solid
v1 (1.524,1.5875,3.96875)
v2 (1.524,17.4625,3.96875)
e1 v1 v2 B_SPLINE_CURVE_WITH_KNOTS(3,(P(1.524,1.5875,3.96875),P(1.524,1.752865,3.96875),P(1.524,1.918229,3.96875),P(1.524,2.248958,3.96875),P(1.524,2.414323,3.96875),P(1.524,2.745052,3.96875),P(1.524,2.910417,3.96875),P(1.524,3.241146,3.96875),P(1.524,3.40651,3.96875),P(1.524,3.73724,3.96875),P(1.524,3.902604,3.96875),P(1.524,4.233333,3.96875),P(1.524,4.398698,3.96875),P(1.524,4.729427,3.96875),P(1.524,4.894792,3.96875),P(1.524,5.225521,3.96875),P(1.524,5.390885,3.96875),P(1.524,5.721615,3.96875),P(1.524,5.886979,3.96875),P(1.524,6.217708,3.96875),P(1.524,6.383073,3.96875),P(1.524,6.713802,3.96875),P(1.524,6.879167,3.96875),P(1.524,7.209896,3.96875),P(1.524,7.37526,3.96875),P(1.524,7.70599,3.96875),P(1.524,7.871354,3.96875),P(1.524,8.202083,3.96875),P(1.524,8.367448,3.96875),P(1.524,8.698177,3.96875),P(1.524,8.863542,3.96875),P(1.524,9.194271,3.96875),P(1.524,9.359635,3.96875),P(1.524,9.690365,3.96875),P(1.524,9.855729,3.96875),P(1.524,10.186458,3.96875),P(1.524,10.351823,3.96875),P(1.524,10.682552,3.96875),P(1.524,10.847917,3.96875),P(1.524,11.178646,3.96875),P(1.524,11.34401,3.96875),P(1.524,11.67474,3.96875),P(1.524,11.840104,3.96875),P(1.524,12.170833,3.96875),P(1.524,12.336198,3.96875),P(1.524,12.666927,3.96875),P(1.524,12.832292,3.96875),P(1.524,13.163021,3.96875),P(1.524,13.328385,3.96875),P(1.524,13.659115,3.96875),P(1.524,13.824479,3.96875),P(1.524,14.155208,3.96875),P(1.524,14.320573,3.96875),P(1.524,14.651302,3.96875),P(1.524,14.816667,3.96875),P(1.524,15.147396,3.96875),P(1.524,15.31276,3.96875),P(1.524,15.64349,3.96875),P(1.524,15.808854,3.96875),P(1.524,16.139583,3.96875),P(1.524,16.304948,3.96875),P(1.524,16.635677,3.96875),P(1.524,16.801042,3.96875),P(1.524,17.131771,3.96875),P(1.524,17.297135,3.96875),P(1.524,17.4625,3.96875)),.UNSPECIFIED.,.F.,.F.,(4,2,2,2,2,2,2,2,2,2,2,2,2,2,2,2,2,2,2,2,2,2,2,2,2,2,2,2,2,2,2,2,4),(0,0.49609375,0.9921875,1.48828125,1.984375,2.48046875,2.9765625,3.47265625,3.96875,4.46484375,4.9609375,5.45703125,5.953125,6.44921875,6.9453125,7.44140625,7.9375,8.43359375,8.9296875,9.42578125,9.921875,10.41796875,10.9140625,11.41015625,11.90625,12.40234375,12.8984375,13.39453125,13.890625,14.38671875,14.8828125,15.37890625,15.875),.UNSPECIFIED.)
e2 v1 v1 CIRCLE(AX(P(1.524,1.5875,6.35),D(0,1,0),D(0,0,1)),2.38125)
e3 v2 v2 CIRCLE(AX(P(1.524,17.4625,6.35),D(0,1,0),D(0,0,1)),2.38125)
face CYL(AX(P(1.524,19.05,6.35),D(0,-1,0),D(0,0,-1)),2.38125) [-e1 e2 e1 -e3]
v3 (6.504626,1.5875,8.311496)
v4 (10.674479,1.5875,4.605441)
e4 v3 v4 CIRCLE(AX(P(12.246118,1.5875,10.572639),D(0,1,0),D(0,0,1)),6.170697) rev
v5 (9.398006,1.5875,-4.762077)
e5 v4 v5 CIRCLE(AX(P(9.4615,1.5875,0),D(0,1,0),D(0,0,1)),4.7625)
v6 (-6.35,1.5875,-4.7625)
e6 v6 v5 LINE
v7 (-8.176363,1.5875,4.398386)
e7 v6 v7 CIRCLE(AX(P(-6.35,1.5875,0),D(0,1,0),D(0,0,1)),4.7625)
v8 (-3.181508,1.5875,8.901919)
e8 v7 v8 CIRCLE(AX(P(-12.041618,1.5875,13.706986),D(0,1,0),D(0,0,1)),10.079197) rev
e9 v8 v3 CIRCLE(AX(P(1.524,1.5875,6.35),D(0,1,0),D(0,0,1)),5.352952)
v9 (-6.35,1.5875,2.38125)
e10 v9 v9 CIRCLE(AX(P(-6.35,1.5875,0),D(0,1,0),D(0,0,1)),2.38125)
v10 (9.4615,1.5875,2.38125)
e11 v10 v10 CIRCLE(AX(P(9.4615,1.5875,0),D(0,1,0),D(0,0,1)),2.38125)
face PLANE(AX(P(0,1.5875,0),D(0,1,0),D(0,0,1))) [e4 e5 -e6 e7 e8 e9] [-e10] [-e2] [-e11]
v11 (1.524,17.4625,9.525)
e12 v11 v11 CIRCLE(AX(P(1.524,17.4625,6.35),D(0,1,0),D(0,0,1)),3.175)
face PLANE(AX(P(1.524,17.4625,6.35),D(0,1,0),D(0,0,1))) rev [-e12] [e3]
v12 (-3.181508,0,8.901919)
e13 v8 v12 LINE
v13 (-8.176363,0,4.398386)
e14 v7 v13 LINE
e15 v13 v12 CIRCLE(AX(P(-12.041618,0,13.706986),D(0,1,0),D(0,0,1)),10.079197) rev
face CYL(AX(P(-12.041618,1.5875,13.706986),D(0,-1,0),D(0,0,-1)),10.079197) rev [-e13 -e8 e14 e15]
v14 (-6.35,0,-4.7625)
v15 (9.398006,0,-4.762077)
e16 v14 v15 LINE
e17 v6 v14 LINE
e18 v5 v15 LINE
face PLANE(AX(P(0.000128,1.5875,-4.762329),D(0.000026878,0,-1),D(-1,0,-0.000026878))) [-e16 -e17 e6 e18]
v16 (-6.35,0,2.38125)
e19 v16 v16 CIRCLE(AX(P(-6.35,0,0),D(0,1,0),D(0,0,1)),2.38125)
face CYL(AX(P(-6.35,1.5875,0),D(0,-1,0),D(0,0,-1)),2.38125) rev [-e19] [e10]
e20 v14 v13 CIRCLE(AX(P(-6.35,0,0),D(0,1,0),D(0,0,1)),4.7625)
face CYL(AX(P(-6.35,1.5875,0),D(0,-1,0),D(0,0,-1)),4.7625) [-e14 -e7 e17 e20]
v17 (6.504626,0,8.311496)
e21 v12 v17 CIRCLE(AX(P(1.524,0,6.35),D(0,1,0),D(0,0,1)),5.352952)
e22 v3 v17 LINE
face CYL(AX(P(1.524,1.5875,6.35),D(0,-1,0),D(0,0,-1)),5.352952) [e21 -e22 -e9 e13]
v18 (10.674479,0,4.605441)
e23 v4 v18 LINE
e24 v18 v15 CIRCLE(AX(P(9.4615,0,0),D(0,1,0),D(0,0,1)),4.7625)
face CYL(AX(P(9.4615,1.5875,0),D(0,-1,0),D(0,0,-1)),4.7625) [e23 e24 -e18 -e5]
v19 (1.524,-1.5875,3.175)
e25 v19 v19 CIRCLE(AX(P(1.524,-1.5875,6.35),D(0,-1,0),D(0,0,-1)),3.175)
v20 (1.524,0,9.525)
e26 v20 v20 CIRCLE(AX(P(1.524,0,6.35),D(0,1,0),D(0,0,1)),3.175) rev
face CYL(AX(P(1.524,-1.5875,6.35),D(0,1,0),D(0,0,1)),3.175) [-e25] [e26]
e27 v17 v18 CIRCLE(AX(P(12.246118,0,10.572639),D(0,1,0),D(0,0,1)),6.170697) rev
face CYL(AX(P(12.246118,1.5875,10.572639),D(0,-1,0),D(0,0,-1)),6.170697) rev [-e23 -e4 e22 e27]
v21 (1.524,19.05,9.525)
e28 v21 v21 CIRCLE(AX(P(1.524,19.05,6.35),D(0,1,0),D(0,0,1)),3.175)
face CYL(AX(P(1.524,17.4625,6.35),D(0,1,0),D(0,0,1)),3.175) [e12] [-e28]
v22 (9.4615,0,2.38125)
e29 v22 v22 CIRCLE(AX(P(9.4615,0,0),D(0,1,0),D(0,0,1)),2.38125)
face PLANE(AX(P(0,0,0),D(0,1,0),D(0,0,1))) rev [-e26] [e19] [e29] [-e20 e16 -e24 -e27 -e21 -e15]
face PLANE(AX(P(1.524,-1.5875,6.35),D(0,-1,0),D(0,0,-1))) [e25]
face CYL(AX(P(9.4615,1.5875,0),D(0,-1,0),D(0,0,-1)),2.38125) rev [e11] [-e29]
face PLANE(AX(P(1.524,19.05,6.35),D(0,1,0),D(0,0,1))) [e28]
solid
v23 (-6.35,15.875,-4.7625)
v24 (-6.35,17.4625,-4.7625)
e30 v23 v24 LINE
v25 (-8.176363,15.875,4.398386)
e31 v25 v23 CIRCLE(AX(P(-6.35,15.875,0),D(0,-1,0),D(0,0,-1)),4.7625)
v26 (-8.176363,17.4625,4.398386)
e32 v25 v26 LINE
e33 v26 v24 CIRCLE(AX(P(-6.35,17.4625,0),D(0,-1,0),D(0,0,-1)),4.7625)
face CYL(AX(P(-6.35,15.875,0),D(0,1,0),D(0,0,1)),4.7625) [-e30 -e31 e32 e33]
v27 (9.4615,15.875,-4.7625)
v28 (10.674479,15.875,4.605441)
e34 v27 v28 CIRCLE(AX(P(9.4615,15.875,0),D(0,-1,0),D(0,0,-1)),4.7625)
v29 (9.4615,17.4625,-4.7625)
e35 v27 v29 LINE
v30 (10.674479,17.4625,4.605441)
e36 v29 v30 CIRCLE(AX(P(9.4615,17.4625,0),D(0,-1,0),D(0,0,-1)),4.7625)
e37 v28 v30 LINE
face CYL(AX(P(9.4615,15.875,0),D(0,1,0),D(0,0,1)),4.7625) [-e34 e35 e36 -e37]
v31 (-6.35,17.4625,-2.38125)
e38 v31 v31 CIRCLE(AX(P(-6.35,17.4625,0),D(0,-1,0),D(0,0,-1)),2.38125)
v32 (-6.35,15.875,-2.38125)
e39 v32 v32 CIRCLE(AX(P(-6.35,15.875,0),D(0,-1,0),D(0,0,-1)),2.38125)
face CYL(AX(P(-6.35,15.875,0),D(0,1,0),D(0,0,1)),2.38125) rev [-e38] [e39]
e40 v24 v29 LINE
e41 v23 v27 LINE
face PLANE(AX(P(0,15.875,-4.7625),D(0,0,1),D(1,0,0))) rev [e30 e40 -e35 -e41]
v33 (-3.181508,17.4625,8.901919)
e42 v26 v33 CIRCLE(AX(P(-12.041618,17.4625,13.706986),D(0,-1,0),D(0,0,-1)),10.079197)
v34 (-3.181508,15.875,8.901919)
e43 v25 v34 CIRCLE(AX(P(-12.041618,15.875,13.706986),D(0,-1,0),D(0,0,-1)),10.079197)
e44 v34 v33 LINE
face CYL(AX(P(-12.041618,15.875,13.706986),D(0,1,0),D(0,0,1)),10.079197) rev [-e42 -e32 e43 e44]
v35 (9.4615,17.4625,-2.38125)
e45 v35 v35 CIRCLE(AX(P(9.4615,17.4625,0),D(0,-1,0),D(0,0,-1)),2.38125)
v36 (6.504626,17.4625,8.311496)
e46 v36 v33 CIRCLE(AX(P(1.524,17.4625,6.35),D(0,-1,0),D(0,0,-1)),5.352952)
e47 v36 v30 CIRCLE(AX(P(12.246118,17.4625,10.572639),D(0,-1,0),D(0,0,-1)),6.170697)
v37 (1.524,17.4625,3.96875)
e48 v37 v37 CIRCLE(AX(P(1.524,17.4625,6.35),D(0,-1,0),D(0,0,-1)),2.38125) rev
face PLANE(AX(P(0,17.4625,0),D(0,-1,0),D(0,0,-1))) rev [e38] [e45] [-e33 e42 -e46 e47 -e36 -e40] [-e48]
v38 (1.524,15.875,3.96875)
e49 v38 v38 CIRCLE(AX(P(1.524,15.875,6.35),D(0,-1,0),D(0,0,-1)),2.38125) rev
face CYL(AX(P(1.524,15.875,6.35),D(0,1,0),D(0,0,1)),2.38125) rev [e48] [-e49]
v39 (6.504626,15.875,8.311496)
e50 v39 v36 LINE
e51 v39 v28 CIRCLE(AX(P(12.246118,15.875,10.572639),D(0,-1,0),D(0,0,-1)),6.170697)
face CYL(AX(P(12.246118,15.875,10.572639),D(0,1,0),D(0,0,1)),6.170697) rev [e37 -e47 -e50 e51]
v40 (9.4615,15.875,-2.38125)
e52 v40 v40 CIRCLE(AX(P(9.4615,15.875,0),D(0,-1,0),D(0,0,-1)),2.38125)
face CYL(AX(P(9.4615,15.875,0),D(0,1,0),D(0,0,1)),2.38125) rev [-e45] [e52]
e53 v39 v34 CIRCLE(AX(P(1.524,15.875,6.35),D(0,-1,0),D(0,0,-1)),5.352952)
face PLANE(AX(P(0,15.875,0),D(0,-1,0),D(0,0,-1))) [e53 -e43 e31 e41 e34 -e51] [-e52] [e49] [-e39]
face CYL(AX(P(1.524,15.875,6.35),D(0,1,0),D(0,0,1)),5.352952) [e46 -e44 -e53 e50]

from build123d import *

# Parameters (mm, degrees)
SKETCH1_R           = 2.38125
BOSS_EXTRUDE1_DEPTH = 1.5875
SKETCH2_R           = 3.175
BOSS_EXTRUDE2_DEPTH = 1.5875
SKETCH3_R           = 2.38125
BOSS_EXTRUDE3_DEPTH = 19.05
SKETCH4_R           = 3.175
BOSS_EXTRUDE4_DEPTH = 1.5875
SKETCH5_R           = 2.38125
BOSS_EXTRUDE5_DEPTH = 1.5875


with BuildPart() as part:
    # Sketch1 → Boss-Extrude1 (new body)
    with BuildSketch(Plane(origin=(0, 0, 0), x_dir=(1, 0, 0), z_dir=(0, 1, 0))):
        with BuildLine():
            Line((9.398005644, 4.762076723), (-6.35, 4.7625))
            ThreePointArc((-6.35, 4.7625), (-11.020584629, 0.931152767), (-8.176363381, -4.398386414))
            ThreePointArc((-8.176363381, -4.398386414), (-5.292234705, -6.221263486), (-3.181508348, -8.901918869))
            ThreePointArc((-3.181508348, -8.901918869), (1.849687492, -11.693035316), (6.504625866, -8.311495529))
            ThreePointArc((6.504625866, -8.311495529), (8.146827792, -5.96033805), (10.67447942, -4.60544104))
            ThreePointArc((10.67447942, -4.60544104), (14.180390361, 0.643024113), (9.398005644, 4.762076723))
        make_face()
        with Locations(Location((-6.35, 0, 0), (0, 0, 270))):
            Circle(SKETCH1_R, mode=Mode.SUBTRACT)
        with Locations(Location((9.4615, 0, 0), (0, 0, 270))):
            Circle(SKETCH1_R, mode=Mode.SUBTRACT)
        with Locations(Location((1.524, -6.35, 0), (0, 0, 270))):
            Circle(SKETCH1_R, mode=Mode.SUBTRACT)
    extrude(amount=BOSS_EXTRUDE1_DEPTH)

    # Sketch2 → Boss-Extrude2 (add)
    with BuildSketch(Plane.XZ):
        with Locations(Location((1.524, 6.35, 0), (0, 0, 90))):
            Circle(SKETCH2_R)
    extrude(amount=BOSS_EXTRUDE2_DEPTH)

    # Sketch3 → Boss-Extrude3 (add)
    with BuildSketch(Plane(origin=(0, 0, 0), x_dir=(1, 0, 0), z_dir=(0, 1, 0))):
        with Locations(Location((1.524, -6.35, 0), (0, 0, 90))):
            Circle(SKETCH3_R)
    extrude(amount=BOSS_EXTRUDE3_DEPTH)

    # Sketch4 → Boss-Extrude4 (add)
    with BuildSketch(Plane(origin=(0, 19.05, 0), x_dir=(1, 0, 0), z_dir=(0, 1, 0))):
        with Locations(Location((1.524, -6.35, 0), (0, 0, 270))):
            Circle(SKETCH4_R)
    extrude(amount=-BOSS_EXTRUDE4_DEPTH)


with BuildPart() as body_2:
    # Sketch5 → Boss-Extrude5 (new body)
    with BuildSketch(Plane.XZ.offset(-17.4625)):
        with BuildLine():
            ThreePointArc((-8.176363381, 4.398386414), (-11.020584629, -0.931152767), (-6.35, -4.7625))
            Line((-6.35, -4.7625), (9.4615, -4.7625))
            ThreePointArc((9.4615, -4.7625), (14.184572051, -0.611552653), (10.67447942, 4.60544104))
            ThreePointArc((10.67447942, 4.60544104), (8.146827792, 5.96033805), (6.504625866, 8.311495529))
            ThreePointArc((6.504625866, 8.311495529), (1.849687492, 11.693035316), (-3.181508348, 8.901918869))
            ThreePointArc((-3.181508348, 8.901918869), (-5.292234705, 6.221263486), (-8.176363381, 4.398386414))
        make_face()
        with Locations(Location((-6.35, 0, 0), (0, 0, 270))):
            Circle(SKETCH5_R, mode=Mode.SUBTRACT)
        with Locations(Location((9.4615, 0, 0), (0, 0, 270))):
            Circle(SKETCH5_R, mode=Mode.SUBTRACT)
        with Locations(Location((1.524, 6.35, 0), (0, 0, 270))):
            Circle(SKETCH5_R, mode=Mode.SUBTRACT)
    extrude(amount=BOSS_EXTRUDE5_DEPTH)


solid = Compound([part.part, body_2.part])
